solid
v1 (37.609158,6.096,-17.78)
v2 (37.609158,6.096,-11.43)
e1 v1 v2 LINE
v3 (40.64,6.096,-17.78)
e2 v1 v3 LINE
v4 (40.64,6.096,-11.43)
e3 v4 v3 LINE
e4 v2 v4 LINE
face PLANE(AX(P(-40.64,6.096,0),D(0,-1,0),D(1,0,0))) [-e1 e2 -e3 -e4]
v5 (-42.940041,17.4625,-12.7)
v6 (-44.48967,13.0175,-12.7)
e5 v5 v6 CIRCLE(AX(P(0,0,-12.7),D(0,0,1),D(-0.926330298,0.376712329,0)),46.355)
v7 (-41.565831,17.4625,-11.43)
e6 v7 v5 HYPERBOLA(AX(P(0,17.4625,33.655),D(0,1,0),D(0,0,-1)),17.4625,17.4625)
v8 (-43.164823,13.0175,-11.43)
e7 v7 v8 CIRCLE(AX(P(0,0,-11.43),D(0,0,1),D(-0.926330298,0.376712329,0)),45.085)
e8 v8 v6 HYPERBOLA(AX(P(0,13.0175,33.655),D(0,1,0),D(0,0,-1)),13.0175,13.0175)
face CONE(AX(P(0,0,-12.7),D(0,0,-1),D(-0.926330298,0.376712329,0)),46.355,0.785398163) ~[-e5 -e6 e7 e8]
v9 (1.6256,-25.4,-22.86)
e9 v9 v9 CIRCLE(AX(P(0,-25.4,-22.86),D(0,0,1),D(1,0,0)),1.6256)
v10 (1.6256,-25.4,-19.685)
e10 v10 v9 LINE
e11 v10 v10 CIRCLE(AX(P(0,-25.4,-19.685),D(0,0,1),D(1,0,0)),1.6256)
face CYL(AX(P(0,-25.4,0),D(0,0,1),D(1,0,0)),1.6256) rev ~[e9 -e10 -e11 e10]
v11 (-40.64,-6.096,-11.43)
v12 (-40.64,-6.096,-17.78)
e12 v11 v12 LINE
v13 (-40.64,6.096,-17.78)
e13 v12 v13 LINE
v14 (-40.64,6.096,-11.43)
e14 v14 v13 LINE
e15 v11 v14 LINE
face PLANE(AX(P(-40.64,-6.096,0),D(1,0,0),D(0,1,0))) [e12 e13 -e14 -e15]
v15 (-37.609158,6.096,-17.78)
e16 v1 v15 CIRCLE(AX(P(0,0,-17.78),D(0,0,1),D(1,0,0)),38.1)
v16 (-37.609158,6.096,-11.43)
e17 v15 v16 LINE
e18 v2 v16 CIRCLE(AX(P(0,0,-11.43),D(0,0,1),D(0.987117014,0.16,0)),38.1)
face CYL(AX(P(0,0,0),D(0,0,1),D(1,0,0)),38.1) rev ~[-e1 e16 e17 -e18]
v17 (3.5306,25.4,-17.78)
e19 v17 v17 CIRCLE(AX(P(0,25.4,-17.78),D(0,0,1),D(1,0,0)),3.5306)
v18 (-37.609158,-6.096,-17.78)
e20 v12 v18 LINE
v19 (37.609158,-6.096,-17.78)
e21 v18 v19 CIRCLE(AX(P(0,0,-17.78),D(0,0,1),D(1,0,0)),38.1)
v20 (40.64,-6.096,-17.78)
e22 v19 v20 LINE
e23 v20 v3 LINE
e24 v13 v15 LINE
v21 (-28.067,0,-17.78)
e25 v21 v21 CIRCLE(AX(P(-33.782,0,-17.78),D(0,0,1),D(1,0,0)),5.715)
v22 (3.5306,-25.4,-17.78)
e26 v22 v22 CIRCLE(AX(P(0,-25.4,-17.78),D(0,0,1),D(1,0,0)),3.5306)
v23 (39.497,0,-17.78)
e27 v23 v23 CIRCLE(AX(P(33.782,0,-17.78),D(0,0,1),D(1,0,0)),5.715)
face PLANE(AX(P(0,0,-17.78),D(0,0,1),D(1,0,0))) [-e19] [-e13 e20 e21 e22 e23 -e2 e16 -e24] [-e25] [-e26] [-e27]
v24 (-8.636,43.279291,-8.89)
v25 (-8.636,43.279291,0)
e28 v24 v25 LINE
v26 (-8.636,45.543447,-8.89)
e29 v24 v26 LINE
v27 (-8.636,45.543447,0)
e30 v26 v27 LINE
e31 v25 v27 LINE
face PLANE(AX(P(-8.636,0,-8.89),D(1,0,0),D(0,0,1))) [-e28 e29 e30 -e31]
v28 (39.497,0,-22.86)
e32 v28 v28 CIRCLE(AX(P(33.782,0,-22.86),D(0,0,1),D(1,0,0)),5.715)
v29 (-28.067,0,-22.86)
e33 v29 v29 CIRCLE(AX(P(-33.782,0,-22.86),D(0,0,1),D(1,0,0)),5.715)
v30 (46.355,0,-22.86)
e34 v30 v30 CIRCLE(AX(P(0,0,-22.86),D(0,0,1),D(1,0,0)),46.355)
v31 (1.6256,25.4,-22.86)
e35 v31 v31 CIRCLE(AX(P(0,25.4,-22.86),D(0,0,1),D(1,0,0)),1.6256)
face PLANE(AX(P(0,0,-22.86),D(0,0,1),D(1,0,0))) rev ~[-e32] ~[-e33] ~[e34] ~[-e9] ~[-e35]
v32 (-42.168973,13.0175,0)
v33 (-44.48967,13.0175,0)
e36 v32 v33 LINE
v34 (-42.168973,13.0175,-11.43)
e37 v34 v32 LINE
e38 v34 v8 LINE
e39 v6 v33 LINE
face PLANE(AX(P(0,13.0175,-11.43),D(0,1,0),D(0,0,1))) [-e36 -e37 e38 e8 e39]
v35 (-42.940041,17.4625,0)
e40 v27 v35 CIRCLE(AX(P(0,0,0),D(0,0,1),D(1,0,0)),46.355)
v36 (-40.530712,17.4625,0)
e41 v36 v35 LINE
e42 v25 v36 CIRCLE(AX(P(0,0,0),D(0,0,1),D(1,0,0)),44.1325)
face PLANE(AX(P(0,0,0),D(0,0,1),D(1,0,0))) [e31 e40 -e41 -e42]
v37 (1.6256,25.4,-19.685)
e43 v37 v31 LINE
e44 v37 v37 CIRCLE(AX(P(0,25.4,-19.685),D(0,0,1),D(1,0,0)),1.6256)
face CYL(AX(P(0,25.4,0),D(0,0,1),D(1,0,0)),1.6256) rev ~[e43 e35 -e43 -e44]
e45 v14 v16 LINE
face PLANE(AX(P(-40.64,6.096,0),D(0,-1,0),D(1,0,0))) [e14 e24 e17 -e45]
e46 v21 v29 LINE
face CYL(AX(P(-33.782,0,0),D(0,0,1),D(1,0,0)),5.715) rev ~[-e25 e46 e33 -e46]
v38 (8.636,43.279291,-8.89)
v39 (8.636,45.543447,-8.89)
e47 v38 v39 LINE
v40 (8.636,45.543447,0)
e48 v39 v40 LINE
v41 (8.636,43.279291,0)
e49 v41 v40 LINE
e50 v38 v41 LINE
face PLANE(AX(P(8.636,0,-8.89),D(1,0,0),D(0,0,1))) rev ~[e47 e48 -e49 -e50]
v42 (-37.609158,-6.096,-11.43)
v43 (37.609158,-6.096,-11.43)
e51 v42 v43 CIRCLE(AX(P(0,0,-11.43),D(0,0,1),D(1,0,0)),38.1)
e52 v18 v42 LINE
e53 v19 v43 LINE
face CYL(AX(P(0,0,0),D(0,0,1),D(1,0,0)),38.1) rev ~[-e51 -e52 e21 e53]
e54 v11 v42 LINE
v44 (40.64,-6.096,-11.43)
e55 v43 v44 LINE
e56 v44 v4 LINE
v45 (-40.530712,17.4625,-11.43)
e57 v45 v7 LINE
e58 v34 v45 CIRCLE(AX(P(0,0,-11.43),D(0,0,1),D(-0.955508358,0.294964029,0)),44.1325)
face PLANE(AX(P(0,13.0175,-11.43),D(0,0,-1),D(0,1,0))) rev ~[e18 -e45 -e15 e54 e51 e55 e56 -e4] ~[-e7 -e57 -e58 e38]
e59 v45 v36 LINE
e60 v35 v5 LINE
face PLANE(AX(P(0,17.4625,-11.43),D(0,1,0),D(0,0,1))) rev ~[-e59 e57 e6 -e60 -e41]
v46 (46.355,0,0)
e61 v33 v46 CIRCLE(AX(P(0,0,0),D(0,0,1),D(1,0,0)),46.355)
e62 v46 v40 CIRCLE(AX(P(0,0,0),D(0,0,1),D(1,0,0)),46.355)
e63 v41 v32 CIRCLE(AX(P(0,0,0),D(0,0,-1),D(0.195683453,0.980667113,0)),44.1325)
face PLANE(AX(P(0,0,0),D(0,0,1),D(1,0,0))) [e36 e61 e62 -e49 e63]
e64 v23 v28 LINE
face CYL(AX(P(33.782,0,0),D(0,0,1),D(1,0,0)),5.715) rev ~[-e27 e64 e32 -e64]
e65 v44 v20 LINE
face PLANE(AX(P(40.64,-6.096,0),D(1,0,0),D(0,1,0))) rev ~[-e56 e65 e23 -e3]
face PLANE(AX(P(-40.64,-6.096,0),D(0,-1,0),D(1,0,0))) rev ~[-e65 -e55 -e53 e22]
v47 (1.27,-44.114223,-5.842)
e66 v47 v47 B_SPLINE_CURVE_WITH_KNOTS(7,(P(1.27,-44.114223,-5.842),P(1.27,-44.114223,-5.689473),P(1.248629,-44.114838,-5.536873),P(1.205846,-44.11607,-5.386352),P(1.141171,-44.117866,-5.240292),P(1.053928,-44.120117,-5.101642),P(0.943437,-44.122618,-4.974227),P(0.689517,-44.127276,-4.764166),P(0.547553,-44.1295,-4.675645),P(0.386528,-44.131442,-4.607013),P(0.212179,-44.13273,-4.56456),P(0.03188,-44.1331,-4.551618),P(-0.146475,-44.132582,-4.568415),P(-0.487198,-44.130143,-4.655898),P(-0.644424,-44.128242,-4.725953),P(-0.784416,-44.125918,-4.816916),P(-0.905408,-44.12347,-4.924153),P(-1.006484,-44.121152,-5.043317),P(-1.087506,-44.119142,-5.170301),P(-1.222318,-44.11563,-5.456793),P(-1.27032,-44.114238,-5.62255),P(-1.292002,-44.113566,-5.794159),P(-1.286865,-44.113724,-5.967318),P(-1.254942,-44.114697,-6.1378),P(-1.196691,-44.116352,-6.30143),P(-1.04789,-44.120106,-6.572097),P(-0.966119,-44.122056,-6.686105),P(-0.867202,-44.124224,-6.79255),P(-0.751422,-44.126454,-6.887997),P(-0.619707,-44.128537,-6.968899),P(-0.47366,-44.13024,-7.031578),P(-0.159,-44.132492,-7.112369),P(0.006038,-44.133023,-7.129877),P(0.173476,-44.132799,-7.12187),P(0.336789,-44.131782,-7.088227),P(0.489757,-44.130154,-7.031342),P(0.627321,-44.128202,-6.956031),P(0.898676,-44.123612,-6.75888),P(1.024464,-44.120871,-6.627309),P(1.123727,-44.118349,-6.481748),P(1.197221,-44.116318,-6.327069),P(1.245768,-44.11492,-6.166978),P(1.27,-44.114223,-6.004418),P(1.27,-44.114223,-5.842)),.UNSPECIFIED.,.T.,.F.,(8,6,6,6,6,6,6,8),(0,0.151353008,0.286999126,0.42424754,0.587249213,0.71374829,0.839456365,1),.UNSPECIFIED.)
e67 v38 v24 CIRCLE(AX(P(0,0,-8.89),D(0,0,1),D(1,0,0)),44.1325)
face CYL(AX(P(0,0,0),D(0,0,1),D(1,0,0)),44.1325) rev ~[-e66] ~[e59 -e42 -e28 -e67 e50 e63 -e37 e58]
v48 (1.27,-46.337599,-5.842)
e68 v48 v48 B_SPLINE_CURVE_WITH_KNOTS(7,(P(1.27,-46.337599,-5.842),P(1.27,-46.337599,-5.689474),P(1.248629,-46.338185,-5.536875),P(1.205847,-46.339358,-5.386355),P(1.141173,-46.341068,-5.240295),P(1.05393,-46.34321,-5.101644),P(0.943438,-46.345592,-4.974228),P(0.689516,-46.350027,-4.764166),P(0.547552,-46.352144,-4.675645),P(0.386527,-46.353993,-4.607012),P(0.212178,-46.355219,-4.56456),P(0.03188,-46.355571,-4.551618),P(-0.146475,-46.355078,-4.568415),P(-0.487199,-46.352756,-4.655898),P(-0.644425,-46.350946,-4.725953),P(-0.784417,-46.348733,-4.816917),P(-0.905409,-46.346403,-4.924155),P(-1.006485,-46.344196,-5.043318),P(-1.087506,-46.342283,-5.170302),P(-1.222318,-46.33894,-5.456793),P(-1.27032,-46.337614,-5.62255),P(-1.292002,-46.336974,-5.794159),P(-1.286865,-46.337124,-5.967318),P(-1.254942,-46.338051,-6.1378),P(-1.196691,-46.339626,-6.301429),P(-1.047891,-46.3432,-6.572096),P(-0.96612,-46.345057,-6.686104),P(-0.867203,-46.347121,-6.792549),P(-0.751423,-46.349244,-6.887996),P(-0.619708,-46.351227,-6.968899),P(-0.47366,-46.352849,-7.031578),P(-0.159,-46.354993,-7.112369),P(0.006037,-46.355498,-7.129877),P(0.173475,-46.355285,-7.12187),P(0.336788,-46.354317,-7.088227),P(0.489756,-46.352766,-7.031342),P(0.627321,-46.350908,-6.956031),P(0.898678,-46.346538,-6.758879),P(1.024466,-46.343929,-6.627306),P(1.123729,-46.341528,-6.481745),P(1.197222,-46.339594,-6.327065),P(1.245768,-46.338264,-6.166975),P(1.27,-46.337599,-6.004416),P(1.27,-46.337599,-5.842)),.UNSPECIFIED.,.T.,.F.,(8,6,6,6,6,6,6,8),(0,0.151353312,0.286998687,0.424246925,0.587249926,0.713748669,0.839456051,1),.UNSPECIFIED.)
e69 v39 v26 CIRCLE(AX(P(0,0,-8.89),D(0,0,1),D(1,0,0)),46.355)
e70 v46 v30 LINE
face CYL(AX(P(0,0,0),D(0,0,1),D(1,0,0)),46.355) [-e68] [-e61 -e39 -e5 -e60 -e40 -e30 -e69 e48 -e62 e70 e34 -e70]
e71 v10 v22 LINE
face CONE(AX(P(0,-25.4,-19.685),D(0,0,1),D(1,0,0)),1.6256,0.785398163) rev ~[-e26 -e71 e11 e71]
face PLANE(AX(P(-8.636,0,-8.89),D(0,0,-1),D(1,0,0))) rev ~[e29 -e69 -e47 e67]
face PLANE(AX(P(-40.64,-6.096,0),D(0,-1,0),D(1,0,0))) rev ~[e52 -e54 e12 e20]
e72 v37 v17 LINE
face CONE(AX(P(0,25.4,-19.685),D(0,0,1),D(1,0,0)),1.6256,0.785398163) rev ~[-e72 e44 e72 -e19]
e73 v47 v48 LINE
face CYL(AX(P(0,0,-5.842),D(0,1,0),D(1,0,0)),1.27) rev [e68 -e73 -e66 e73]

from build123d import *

# Parameters (mm, degrees)
F0_R      = 46.355
F1_DEPTH  = 22.86
F2_R      = 44.1325
F3_DEPTH  = 11.43
F4_R      = 38.1
F5_DEPTH  = 17.78
F6_W      = 81.28
F6_H      = 12.192
F7_DEPTH  = 17.78
F8_R      = 5.715
F9_DEPTH  = 22.861
F10_R     = 1.27
F11_DEPTH = 46.356
F12_W     = 17.272
F12_H     = 8.89
F13_DEPTH = 46.356
F14_R     = 1.6256
F15_DEPTH = 22.861
F16_SIZE  = 1.905
F17_W     = 4.445
F17_H     = 11.43
F18_DEPTH = 46.356
F19_SIZE  = 1.27


with BuildPart() as f1:
    # F0 (on Top) → F1 (new body)
    with BuildSketch(Plane.XY):
        Circle(F0_R)
    extrude(amount=-F1_DEPTH)

    # F2 (on face) → F3 (cut)
    with BuildSketch(Plane.XY):
        Circle(F2_R)
    extrude(amount=-F3_DEPTH, mode=Mode.SUBTRACT)

    # F4 (on Top) → F5 (cut)
    with BuildSketch(Plane.XY):
        Circle(F4_R)
    extrude(amount=-F5_DEPTH, mode=Mode.SUBTRACT)

    # F6 (on Top) → F7 (cut)
    with BuildSketch(Plane.XY):
        Rectangle(F6_W, F6_H)
    extrude(amount=-F7_DEPTH, mode=Mode.SUBTRACT)

    # F8 (on Top) → F9 (cut, through all)
    with BuildSketch(Plane.XY):
        with Locations((-33.782, 0)):
            Circle(F8_R)
        with Locations((33.782, 0)):
            Circle(F8_R)
    extrude(amount=-F9_DEPTH, mode=Mode.SUBTRACT)

    # F10 (on Front) → F11 (cut, through all)
    with BuildSketch(Plane.XZ):
        with Locations((0, -5.842)):
            Circle(F10_R)
    extrude(amount=F11_DEPTH, mode=Mode.SUBTRACT)

    # F12 (on Front) → F13 (cut, through all)
    with BuildSketch(Plane.XZ):
        with Locations((0, -4.445)):
            Rectangle(F12_W, F12_H)
    extrude(amount=-F13_DEPTH, mode=Mode.SUBTRACT)

    # F14 (on Top) → F15 (cut, through all)
    with BuildSketch(Plane.XY):
        with Locations((0, 25.4)):
            Circle(F14_R)
        with Locations((0, -25.4)):
            Circle(F14_R)
    extrude(amount=-F15_DEPTH, mode=Mode.SUBTRACT)

    # F16
    f16_edges = [f1.edges().sort_by_distance(p)[0] for p in [
        (-1.6256, 25.4, -17.78),
        (-1.6256, -25.4, -17.78),
    ]]
    chamfer(f16_edges, length=F16_SIZE)

    # F17 (on Right) → F18 (cut, through all)
    with BuildSketch(Plane.YZ):
        with Locations((15.24, -5.715)):
            Rectangle(F17_W, F17_H)
    extrude(amount=-F18_DEPTH, mode=Mode.SUBTRACT)

    # F19
    f19_edges = [f1.edges().sort_by_distance(p)[0] for p in [
        (-43.771316, 15.259683, -11.43),
    ]]
    chamfer(f19_edges, length=F19_SIZE)


solid = f1.part
